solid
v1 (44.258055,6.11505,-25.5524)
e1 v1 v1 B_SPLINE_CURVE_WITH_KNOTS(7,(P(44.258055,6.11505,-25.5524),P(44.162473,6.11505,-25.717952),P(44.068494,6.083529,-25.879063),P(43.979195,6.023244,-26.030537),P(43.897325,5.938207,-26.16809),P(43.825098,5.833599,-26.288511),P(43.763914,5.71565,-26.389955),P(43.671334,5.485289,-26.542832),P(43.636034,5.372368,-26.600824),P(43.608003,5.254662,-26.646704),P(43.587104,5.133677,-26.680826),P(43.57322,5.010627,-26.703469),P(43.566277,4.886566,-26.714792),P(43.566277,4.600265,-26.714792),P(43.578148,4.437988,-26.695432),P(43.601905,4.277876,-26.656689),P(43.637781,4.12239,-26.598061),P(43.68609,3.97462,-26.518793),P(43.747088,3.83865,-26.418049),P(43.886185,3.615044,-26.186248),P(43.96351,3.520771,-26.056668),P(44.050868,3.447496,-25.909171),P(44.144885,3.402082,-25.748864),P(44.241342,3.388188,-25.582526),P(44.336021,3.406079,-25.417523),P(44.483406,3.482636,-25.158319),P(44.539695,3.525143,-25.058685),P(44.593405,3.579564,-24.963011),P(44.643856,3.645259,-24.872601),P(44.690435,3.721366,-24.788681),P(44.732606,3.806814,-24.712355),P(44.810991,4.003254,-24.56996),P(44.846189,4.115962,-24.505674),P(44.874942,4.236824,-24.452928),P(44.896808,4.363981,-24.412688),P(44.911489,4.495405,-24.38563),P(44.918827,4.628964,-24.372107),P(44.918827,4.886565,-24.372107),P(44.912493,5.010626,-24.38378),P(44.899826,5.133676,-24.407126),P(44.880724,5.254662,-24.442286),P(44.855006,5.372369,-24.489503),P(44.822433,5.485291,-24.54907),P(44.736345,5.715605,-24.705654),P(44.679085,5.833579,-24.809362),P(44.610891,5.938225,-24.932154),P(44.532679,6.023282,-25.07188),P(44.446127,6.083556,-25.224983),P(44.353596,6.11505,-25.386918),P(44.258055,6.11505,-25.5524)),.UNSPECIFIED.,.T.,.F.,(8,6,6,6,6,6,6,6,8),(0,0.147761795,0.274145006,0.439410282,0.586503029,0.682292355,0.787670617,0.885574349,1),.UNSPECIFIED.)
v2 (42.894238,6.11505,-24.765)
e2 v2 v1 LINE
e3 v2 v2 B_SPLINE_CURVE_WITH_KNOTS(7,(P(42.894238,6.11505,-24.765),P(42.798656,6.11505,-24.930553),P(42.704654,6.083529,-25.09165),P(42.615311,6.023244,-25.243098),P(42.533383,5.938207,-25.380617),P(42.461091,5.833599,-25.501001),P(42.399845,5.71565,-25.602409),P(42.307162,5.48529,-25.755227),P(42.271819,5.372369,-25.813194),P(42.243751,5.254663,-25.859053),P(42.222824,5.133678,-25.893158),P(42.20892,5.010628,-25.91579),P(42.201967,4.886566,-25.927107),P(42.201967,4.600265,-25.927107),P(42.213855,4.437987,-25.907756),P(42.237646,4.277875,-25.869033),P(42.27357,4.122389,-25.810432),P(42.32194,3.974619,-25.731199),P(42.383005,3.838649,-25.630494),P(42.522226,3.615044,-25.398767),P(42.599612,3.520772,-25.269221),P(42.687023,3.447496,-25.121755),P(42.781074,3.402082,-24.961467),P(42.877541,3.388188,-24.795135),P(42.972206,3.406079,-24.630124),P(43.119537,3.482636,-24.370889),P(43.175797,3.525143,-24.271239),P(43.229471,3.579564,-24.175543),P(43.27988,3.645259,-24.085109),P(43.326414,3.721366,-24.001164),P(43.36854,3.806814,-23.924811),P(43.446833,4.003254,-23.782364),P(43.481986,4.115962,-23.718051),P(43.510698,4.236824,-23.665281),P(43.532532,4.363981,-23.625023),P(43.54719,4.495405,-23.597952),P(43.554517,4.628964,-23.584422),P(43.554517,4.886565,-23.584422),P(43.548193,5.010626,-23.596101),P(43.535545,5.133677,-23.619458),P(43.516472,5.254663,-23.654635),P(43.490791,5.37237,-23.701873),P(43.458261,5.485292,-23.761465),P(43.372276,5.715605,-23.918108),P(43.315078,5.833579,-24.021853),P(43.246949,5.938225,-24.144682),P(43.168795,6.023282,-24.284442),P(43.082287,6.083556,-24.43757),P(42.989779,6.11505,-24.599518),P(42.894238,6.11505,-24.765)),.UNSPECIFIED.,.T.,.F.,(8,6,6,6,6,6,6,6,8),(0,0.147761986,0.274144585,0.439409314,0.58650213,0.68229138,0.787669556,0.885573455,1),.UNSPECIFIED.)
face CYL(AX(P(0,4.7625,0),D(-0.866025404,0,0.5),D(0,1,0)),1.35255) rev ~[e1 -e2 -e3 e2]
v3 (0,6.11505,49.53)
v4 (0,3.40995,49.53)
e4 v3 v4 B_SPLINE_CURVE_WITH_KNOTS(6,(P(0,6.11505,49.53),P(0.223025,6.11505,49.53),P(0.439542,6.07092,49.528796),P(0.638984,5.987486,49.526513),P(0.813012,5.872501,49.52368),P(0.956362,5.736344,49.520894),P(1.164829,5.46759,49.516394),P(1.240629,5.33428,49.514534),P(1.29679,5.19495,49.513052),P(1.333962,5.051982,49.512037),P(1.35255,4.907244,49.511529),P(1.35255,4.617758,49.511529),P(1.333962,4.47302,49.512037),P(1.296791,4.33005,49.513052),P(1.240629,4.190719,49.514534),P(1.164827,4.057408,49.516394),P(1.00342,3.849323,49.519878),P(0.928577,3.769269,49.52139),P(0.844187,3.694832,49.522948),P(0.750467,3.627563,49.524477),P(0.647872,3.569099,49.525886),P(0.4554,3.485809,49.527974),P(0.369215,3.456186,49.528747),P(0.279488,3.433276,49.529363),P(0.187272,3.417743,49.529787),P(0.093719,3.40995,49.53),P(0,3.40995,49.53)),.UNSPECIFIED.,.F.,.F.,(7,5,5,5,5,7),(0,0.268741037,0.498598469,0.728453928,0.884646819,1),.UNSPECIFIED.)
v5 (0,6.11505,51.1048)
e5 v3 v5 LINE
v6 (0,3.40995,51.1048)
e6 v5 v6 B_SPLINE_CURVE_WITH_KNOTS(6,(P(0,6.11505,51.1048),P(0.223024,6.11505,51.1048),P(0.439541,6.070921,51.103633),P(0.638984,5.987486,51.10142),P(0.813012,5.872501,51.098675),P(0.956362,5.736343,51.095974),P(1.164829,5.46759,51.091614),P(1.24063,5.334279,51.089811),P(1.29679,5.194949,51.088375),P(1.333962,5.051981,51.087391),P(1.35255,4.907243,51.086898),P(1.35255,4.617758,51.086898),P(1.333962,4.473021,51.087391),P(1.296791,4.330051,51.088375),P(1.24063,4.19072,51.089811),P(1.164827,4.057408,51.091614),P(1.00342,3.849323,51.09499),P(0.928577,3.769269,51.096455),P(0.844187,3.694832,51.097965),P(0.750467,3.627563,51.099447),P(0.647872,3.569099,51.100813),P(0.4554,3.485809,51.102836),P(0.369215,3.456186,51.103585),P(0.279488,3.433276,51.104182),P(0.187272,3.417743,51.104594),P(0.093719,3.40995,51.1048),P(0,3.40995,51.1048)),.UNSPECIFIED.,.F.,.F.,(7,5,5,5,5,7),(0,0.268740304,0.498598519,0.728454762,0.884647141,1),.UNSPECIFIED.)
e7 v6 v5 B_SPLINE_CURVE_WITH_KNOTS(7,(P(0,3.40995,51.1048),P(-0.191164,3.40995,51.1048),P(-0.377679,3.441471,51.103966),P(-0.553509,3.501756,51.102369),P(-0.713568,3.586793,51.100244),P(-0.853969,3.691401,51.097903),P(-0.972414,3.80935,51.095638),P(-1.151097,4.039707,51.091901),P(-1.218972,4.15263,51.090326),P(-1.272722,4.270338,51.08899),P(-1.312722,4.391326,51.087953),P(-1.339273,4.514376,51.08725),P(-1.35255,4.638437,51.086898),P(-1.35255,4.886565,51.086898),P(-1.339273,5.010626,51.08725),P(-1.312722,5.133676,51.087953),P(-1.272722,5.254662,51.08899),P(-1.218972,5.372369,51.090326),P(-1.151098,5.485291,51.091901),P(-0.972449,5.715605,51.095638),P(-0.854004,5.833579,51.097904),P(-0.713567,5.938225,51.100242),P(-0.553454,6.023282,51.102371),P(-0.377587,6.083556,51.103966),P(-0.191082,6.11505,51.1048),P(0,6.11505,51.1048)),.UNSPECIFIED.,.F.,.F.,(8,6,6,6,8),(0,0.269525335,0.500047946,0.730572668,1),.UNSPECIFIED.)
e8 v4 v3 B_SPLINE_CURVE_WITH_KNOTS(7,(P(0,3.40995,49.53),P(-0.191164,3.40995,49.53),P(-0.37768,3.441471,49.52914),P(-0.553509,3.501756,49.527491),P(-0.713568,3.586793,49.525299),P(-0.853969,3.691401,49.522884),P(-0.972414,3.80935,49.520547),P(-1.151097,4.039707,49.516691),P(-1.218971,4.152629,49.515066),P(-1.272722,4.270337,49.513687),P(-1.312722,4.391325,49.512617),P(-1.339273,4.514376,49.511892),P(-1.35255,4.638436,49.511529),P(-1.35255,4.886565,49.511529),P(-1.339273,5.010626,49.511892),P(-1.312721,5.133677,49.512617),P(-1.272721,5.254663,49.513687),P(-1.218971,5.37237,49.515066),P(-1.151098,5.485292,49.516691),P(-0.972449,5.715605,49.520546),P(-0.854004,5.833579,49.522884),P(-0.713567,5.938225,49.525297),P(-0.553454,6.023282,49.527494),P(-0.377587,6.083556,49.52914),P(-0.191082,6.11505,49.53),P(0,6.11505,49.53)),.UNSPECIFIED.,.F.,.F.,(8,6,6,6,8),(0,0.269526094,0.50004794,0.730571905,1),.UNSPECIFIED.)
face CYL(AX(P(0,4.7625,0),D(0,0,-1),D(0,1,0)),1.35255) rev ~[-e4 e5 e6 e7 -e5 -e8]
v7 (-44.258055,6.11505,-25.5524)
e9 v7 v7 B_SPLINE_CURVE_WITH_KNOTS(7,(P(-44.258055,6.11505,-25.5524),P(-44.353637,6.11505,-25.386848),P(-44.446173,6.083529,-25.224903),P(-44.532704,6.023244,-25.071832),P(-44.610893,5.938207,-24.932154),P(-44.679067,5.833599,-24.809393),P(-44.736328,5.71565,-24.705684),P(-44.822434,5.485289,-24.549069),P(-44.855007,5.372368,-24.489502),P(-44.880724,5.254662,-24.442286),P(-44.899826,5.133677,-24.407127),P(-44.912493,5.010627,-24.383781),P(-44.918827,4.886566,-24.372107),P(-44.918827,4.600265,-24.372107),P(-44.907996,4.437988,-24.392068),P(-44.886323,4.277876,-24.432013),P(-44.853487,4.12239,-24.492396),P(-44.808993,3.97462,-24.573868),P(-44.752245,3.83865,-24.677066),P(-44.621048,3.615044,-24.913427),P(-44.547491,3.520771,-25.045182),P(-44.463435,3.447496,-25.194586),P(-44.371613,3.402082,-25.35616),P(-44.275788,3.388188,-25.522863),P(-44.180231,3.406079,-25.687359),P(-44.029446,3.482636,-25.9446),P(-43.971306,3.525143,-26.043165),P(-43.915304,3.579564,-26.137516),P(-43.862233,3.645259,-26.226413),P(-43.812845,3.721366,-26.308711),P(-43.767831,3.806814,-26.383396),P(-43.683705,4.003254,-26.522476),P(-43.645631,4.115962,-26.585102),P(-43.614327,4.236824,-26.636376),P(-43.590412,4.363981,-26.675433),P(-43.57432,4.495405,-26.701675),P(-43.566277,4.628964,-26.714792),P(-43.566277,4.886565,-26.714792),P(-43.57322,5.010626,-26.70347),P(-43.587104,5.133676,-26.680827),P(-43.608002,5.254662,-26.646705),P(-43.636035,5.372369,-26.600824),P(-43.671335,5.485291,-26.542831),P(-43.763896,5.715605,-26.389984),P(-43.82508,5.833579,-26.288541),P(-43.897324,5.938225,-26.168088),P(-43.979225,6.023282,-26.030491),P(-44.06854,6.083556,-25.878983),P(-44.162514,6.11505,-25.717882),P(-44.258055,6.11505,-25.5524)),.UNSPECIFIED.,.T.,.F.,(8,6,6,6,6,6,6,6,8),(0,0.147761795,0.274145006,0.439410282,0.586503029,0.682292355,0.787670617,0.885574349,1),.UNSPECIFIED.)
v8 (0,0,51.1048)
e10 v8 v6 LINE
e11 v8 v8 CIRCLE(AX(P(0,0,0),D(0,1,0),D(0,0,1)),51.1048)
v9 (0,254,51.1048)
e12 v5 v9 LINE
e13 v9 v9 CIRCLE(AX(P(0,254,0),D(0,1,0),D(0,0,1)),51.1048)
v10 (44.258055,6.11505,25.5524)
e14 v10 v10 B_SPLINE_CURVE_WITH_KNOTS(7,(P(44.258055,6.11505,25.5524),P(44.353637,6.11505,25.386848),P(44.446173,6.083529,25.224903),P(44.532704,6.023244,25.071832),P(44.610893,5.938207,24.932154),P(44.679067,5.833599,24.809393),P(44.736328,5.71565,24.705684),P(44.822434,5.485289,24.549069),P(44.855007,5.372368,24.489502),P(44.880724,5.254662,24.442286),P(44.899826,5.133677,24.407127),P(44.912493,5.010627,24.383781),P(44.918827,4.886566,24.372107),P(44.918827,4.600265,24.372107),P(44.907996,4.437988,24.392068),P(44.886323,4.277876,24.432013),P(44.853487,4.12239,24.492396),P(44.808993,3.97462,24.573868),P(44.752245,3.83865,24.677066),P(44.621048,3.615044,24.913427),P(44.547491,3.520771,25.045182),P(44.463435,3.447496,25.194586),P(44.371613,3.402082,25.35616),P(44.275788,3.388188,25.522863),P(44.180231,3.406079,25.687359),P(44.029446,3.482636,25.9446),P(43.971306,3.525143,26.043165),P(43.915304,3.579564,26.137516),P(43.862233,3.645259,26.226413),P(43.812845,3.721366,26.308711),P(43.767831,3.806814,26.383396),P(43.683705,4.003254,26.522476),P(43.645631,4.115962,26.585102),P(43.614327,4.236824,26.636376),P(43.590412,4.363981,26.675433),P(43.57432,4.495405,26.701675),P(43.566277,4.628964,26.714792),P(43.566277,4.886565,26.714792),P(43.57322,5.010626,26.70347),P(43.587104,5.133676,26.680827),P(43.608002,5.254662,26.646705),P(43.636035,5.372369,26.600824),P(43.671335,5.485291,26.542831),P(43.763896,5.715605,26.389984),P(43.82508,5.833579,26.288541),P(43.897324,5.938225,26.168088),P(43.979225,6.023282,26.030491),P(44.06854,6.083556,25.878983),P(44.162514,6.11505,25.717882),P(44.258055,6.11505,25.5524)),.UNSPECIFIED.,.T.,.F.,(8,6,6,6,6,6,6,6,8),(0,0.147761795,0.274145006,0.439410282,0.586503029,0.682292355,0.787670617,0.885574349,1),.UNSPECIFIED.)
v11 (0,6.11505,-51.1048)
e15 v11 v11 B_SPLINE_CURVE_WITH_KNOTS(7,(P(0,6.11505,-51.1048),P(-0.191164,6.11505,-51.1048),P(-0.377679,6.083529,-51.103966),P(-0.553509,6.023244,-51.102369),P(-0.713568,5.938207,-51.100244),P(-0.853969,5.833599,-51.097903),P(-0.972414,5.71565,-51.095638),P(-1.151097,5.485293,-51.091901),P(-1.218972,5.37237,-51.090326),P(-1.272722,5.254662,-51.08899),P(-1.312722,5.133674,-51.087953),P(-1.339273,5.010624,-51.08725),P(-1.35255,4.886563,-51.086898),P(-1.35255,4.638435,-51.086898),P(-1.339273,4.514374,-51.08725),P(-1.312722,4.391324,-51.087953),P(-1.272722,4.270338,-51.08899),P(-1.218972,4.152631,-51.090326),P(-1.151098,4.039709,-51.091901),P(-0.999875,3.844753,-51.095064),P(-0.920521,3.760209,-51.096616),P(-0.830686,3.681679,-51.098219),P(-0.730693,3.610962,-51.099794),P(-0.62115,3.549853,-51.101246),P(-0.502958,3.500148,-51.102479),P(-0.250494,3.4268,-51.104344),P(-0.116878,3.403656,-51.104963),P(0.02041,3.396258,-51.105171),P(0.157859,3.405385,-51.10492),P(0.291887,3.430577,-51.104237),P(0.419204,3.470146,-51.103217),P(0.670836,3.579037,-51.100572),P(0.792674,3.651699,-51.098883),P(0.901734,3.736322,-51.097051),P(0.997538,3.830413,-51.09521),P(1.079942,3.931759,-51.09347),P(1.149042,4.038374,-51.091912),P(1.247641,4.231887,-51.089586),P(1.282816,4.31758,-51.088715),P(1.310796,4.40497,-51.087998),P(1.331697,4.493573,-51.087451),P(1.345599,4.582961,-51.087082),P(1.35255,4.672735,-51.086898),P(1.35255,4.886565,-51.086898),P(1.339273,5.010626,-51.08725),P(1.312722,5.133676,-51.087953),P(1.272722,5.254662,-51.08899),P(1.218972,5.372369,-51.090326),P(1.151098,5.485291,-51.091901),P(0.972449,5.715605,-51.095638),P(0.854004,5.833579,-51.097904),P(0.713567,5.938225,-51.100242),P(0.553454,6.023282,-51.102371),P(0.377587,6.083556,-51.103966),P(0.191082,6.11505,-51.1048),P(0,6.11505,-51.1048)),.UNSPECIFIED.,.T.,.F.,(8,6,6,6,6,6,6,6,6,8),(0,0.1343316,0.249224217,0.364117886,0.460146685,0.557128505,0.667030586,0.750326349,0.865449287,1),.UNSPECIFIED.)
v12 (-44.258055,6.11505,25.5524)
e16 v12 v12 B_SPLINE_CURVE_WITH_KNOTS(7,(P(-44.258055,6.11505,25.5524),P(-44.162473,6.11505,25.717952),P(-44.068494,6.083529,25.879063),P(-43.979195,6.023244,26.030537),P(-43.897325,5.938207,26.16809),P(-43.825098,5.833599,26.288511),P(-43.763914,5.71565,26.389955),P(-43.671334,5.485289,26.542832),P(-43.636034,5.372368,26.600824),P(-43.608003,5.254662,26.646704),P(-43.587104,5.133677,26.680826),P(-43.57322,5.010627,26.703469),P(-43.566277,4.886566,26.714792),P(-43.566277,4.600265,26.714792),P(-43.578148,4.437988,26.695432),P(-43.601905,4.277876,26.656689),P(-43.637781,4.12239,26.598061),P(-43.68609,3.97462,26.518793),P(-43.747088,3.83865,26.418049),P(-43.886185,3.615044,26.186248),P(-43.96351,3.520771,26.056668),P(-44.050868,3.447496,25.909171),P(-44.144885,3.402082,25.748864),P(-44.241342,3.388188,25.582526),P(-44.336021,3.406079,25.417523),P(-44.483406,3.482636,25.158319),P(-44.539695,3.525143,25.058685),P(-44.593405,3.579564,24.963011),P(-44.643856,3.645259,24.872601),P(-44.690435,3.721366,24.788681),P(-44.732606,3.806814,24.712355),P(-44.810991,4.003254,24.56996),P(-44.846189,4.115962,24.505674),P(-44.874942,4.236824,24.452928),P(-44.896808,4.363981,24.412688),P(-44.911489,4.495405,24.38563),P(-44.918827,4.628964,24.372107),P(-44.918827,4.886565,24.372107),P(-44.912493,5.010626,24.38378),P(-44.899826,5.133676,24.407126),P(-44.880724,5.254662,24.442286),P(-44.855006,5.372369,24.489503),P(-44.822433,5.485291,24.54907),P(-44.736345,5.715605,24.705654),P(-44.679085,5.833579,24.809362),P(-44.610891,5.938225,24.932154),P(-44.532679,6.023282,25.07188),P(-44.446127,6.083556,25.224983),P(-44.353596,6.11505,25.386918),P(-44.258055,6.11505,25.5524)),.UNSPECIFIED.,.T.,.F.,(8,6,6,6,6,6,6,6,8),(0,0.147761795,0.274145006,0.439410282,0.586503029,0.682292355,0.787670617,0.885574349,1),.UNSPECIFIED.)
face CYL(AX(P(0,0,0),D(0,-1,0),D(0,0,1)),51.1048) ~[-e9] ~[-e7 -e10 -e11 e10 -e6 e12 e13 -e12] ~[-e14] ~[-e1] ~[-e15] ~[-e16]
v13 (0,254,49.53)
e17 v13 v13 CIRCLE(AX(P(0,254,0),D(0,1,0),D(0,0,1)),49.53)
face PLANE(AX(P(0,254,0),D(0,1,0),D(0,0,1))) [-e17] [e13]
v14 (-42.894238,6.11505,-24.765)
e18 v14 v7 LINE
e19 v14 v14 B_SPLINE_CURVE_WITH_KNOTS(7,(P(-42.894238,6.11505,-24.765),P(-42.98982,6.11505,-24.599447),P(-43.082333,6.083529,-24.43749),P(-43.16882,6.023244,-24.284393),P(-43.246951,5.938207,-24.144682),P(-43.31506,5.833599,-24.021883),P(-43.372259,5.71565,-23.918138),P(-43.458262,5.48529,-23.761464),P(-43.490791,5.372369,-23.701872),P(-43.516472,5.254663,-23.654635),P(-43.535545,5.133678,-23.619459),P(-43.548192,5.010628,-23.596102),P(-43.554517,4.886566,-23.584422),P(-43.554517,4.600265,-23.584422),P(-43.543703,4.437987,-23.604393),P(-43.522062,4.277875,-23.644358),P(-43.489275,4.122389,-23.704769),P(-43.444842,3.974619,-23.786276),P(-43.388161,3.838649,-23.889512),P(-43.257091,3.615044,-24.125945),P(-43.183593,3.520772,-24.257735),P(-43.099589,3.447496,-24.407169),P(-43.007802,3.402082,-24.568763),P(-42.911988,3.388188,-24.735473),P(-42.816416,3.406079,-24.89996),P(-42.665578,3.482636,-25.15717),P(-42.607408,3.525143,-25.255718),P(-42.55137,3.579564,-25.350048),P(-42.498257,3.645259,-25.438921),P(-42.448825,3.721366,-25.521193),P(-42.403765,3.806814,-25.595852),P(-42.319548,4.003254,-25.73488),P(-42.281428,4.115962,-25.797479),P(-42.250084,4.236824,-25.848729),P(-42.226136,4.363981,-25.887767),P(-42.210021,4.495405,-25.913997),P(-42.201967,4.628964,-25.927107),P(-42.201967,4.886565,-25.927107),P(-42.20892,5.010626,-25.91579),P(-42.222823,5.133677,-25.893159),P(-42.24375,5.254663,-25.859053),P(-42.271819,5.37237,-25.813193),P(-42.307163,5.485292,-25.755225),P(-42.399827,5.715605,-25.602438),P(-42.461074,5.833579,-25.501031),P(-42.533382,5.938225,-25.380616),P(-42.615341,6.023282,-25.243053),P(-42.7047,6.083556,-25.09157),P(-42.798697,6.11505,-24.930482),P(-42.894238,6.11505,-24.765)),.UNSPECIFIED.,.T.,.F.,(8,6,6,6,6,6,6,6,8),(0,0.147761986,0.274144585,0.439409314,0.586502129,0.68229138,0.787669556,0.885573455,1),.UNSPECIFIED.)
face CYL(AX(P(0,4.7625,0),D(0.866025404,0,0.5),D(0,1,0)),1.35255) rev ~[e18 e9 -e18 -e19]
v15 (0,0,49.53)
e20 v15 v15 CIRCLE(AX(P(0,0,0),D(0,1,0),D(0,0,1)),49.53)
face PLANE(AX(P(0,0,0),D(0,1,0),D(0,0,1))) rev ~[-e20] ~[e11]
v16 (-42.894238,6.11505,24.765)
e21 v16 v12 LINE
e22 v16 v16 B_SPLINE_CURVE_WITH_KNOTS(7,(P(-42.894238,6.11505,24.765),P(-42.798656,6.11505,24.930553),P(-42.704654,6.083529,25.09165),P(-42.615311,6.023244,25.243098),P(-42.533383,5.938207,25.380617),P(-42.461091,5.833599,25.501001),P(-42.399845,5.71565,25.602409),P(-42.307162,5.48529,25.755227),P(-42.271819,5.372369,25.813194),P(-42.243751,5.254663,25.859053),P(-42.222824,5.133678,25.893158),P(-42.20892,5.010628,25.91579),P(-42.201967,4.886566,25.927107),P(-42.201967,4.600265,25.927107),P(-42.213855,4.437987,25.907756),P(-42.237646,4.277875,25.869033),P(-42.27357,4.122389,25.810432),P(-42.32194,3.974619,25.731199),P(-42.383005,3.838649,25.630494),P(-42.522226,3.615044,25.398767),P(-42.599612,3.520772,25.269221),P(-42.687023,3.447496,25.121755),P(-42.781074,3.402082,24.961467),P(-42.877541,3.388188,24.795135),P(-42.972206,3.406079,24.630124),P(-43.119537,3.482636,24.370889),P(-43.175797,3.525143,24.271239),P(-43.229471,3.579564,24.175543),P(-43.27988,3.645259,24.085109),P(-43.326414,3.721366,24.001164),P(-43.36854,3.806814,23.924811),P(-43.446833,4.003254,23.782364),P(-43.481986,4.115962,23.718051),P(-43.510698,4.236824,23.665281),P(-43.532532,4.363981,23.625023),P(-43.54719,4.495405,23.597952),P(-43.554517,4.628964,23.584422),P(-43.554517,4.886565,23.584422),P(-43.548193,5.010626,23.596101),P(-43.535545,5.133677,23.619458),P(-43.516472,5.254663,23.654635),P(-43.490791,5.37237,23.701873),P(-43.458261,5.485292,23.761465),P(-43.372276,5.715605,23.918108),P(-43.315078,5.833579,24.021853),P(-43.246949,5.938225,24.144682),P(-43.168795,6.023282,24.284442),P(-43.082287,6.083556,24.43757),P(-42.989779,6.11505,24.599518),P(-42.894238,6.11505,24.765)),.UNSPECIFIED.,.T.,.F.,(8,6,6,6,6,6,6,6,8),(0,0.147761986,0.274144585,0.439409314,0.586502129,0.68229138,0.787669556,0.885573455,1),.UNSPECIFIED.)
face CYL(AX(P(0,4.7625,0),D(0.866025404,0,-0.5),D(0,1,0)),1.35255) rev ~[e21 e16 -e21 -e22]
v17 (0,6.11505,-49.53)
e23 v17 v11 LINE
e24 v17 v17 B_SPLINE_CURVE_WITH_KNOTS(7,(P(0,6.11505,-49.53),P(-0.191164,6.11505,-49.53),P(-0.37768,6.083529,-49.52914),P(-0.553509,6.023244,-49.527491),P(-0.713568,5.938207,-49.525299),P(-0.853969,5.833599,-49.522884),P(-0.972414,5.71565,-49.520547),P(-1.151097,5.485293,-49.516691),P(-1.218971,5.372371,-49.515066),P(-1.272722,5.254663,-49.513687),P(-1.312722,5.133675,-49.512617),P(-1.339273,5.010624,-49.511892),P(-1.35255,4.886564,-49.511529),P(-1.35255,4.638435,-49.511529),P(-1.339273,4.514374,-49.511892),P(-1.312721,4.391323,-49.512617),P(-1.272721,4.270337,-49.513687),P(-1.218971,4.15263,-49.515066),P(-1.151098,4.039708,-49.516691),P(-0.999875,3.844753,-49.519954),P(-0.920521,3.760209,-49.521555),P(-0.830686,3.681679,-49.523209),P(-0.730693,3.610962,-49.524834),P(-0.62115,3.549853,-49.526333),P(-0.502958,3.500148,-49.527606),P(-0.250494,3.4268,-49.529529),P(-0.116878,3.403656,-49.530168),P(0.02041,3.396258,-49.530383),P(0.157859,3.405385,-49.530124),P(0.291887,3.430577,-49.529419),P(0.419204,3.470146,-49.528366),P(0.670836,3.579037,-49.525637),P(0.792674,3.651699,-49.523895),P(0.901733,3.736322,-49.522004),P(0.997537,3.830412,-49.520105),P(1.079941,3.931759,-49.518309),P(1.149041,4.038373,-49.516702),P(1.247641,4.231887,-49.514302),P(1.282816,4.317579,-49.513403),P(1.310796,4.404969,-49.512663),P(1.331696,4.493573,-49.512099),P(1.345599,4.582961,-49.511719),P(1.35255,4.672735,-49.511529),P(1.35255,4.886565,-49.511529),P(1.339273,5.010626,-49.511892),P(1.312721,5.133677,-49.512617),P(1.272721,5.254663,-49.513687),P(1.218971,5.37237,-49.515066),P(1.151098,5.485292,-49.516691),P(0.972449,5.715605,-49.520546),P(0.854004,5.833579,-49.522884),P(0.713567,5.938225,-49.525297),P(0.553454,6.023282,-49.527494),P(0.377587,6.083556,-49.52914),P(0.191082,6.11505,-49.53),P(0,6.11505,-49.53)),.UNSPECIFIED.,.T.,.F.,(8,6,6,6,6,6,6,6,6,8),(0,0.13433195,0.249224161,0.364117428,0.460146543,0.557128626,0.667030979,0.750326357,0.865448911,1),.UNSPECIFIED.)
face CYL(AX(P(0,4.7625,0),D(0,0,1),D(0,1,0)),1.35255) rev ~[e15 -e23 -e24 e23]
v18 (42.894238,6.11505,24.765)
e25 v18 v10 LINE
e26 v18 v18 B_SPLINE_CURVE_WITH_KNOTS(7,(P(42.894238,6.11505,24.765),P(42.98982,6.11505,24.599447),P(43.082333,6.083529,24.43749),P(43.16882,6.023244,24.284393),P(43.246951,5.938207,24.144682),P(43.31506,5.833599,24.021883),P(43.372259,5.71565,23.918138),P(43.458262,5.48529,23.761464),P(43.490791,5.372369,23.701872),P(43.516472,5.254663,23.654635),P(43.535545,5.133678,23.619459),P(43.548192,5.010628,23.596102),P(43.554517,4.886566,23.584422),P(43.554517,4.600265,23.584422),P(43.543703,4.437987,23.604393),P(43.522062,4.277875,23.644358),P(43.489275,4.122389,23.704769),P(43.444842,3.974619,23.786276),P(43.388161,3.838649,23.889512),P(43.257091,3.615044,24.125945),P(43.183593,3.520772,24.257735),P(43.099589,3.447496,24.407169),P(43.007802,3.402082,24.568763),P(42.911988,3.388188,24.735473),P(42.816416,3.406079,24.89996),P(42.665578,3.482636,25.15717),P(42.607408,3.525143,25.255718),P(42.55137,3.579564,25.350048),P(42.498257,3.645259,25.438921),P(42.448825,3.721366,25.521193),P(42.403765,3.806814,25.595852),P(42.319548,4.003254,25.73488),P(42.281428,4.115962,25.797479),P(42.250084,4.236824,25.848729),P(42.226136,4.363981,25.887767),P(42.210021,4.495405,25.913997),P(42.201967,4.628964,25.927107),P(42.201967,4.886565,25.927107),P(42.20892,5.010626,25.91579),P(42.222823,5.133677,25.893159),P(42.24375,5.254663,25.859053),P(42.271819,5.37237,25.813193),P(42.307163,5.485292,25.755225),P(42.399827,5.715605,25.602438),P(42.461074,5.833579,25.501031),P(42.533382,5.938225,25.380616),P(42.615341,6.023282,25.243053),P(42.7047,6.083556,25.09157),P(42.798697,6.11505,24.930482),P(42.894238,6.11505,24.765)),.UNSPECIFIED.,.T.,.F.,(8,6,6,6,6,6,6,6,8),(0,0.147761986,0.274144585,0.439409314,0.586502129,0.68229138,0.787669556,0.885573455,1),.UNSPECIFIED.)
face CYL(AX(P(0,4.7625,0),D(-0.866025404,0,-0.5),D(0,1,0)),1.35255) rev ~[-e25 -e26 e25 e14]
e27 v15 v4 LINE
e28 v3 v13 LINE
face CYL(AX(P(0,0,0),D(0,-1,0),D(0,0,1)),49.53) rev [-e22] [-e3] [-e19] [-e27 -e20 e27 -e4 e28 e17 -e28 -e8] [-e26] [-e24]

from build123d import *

# Parameters (mm, degrees)
SKETCH1_R           = 51.1048
SKETCH1_R_2         = 49.53
BOSS_EXTRUDE1_DEPTH = 254
SKETCH2_R           = 1.35255
CUT_EXTRUDE1_DEPTH  = 265.082186385
CIRPATTERN1_COUNT   = 6


with BuildPart() as part:
    # Sketch1 → Boss-Extrude1 (new body)
    with BuildSketch(Plane(origin=(0, 0, 0), x_dir=(1, 0, 0), z_dir=(0, 1, 0))):
        with Locations(Location((0, 0, 0), (0, 0, 270))):
            Circle(SKETCH1_R)
        with Locations(Location((0, 0, 0), (0, 0, 270))):
            Circle(SKETCH1_R_2, mode=Mode.SUBTRACT)
    extrude(amount=BOSS_EXTRUDE1_DEPTH)

    # Sketch2 → Cut-Extrude1 (cut, through all)
    with BuildSketch(Plane.XY):
        with Locations(Location((0, 4.7625, 0), (0, 0, 90))):
            Circle(SKETCH2_R)
    cut_extrude1 = extrude(amount=-CUT_EXTRUDE1_DEPTH, mode=Mode.SUBTRACT)

    # CirPattern1: Cut-Extrude1 ×6 about axis
    cirpattern1_axis = Axis((0, 254, 0), (0, -1, 0))
    for i in range(1, CIRPATTERN1_COUNT):
        add(cut_extrude1.rotate(cirpattern1_axis, i * 360 / CIRPATTERN1_COUNT), mode=Mode.SUBTRACT)


solid = part.part
